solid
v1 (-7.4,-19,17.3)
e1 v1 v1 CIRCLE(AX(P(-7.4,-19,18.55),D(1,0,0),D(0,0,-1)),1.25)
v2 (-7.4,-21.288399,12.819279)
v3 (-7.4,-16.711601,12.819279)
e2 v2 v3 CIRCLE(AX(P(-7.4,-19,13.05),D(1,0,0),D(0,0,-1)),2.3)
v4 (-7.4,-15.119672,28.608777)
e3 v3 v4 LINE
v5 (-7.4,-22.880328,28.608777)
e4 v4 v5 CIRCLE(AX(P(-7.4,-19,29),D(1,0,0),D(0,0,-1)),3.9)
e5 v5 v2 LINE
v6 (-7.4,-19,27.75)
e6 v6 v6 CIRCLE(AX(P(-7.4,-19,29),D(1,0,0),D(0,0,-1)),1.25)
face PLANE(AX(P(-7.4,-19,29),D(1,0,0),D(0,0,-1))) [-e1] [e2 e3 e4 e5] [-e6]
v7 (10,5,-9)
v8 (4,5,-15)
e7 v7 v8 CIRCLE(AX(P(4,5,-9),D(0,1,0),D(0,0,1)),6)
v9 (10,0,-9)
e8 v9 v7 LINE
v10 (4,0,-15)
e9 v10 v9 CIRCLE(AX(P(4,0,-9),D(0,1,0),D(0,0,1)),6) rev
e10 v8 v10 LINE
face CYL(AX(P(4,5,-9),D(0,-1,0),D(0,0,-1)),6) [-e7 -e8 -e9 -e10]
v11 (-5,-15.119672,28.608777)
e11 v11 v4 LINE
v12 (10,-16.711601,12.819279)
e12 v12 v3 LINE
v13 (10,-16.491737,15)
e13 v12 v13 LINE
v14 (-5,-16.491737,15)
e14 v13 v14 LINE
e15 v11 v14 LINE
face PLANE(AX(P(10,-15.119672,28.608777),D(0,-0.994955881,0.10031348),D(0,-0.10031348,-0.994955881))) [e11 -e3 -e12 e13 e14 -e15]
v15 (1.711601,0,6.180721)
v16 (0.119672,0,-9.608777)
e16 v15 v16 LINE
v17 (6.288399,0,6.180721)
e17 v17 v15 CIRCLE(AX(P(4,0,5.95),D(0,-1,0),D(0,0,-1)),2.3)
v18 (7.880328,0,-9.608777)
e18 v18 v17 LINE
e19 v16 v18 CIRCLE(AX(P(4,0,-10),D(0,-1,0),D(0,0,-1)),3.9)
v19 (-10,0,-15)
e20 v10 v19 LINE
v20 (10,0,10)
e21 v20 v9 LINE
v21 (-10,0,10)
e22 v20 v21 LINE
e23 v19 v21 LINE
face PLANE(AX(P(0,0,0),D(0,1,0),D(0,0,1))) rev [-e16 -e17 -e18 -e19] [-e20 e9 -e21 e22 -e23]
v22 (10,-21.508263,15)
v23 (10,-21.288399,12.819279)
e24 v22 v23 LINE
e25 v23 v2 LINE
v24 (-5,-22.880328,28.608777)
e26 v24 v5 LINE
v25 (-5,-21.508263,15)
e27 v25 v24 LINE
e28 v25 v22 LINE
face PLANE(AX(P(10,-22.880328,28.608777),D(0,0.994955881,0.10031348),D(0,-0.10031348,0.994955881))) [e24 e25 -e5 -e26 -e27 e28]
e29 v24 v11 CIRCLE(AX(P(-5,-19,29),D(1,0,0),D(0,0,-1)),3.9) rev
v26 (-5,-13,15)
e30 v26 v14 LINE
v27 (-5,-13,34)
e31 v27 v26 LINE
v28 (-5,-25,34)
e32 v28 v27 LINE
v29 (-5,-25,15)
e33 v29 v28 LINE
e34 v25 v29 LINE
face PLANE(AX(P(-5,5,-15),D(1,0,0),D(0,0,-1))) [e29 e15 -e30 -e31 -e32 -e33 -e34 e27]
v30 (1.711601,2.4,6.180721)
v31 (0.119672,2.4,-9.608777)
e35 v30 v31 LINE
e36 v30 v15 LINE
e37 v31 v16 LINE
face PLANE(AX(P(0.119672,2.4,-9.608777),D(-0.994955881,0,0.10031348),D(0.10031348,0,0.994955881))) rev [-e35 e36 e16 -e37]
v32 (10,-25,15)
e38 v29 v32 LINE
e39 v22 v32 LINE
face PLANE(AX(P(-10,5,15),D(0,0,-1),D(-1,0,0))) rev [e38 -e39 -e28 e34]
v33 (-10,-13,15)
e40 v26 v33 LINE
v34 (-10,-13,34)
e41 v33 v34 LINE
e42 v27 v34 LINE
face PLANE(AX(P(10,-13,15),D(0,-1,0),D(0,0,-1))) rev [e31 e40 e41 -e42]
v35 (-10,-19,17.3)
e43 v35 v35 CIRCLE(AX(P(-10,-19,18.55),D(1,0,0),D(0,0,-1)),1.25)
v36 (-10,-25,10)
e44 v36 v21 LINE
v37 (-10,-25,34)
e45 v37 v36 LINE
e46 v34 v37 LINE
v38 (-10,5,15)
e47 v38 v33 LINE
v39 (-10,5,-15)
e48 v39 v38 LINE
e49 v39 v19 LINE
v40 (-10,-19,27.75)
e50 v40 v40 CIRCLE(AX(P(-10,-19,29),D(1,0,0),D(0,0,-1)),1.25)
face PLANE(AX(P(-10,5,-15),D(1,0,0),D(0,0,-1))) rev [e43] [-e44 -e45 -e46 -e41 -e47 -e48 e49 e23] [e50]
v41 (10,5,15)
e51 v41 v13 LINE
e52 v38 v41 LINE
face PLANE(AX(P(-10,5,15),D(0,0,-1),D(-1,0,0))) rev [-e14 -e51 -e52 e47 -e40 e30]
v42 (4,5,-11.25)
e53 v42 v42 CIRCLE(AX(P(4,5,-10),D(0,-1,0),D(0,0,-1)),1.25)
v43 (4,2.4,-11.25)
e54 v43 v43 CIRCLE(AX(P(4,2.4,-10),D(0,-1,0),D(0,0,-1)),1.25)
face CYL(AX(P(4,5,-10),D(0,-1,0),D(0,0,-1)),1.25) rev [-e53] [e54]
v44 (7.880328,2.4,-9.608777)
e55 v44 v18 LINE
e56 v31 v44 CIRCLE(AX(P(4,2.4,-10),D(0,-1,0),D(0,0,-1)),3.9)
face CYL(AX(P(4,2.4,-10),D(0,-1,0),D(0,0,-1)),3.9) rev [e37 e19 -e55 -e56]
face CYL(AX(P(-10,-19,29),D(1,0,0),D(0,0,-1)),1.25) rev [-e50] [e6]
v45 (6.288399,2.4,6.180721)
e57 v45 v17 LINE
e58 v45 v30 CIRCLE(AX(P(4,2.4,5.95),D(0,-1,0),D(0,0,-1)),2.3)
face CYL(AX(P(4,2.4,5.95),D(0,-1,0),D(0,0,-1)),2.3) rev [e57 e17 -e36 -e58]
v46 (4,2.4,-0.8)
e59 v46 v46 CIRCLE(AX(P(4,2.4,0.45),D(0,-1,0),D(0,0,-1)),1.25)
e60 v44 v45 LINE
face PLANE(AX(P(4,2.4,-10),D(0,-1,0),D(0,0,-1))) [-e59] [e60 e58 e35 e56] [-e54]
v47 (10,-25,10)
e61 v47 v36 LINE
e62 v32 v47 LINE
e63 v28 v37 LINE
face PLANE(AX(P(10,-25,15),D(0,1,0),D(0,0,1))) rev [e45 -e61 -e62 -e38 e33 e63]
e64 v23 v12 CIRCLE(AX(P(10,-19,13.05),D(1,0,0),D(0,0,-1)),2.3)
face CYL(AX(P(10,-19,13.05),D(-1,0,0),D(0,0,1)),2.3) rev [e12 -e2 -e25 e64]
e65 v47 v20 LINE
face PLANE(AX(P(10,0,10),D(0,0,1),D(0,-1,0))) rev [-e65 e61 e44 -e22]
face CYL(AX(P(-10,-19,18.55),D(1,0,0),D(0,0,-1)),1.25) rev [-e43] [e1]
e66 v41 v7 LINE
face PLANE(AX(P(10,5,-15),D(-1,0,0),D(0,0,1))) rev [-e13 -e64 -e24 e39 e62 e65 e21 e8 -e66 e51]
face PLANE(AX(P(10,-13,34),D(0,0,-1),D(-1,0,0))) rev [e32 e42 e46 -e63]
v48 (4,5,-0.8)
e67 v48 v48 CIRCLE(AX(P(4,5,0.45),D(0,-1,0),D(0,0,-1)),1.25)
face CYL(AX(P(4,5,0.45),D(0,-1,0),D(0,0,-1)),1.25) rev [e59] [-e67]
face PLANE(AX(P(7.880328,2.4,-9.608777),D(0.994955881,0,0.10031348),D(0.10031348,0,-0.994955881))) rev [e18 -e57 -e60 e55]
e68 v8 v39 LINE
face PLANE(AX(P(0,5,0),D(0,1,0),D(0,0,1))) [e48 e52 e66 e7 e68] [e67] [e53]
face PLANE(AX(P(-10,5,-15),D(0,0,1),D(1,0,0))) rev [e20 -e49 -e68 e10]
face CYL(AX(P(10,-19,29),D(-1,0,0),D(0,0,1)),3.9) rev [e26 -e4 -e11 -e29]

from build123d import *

# Parameters (mm, degrees)
SKETCH1_W               = 20
SKETCH1_H               = 30
BOSS_EXTRUDE1_DEPTH     = 5
CUT_EXTRUDE1_DEPTH      = 2.4
SKETCH7_R               = 1.25
CUT_EXTRUDE4_DEPTH      = 19.214280112
BOSS_EXTRUDE2_DEPTH     = 10
SKETCH5_W               = 19
SKETCH5_H               = 12
CUT_EXTRUDE2_DEPTH      = 15
CUT_EXTRUDE3_DEPTH      = 45.788391353
CUT_EXTRUDE3_DEPTH_BACK = 2.4
SKETCH8_R               = 1.25
CUT_EXTRUDE5_DEPTH      = 46.648220119
FILLET1_R               = 6


with BuildPart() as part:
    # Sketch1 → Boss-Extrude1 (new body)
    with BuildSketch(Plane(origin=(0, 0, 0), x_dir=(1, 0, 0), z_dir=(0, 1, 0))):
        Rectangle(SKETCH1_W, SKETCH1_H)
    extrude(amount=BOSS_EXTRUDE1_DEPTH)

    # Sketch2 → Cut-Extrude1 (cut)
    with BuildSketch(Plane.XZ):
        with BuildLine():
            Line((0.119672063, -9.608777429), (1.711601473, 6.180721003))
            ThreePointArc((1.711601473, 6.180721003), (4, 8.25), (6.288398527, 6.180721003))
            Line((6.288398527, 6.180721003), (7.880327937, -9.608777429))
            ThreePointArc((7.880327937, -9.608777429), (4, -13.9), (0.119672063, -9.608777429))
        make_face()
    extrude(amount=-CUT_EXTRUDE1_DEPTH, mode=Mode.SUBTRACT)

    # Sketch7 → Cut-Extrude4 (cut, through all)
    with BuildSketch(Plane.XZ.offset(-2.4)):
        with Locations(Location((4, -10, 0), (0, 0, 270))):
            Circle(SKETCH7_R)
        with Locations(Location((4, 0.45, 0), (0, 0, 270))):
            Circle(SKETCH7_R)
    extrude(amount=-CUT_EXTRUDE4_DEPTH, mode=Mode.SUBTRACT)

    # Sketch4 → Boss-Extrude2 (add, symmetric)
    with BuildSketch(Plane(origin=(0, 0, 0), x_dir=(0, 0, -1), z_dir=(1, 0, 0))):
        Polygon((-15, 0), (-10, 0), (-10, -25), (-15, -25), (-34, -25), (-34, -13), (-15, -13), align=None)
    extrude(amount=BOSS_EXTRUDE2_DEPTH, both=True)

    # Sketch5 → Cut-Extrude2 (cut)
    with BuildSketch(Plane(origin=(10, 0, 0), x_dir=(0, 0, -1), z_dir=(1, 0, 0))):
        with Locations((-24.5, -19)):
            Rectangle(SKETCH5_W, SKETCH5_H)
    extrude(amount=-CUT_EXTRUDE2_DEPTH, mode=Mode.SUBTRACT)

    # Sketch6 → Cut-Extrude3 (cut, two sides: drawn at the far end of the back side and taken through both)
    with BuildSketch(Plane(origin=(-5, 0, 0), x_dir=(0, 0, -1), z_dir=(1, 0, 0)).offset(-CUT_EXTRUDE3_DEPTH_BACK)):
        with BuildLine():
            Line((-28.608777429, -22.880327937), (-12.819278997, -21.288398527))
            ThreePointArc((-12.819278997, -21.288398527), (-10.75, -19), (-12.819278997, -16.711601473))
            Line((-12.819278997, -16.711601473), (-28.608777429, -15.119672063))
            ThreePointArc((-28.608777429, -15.119672063), (-32.9, -19), (-28.608777429, -22.880327937))
        make_face()
    extrude(amount=CUT_EXTRUDE3_DEPTH + CUT_EXTRUDE3_DEPTH_BACK, mode=Mode.SUBTRACT)

    # Sketch8 → Cut-Extrude5 (cut, through all)
    with BuildSketch(Plane(origin=(-7.4, 0, 0), x_dir=(0, 0, -1), z_dir=(1, 0, 0))):
        with Locations((-29, -19)):
            Circle(SKETCH8_R)
        with Locations((-18.55, -19)):
            Circle(SKETCH8_R)
    extrude(amount=-CUT_EXTRUDE5_DEPTH, mode=Mode.SUBTRACT)

    # Fillet1
    fillet1_edges = [part.edges().sort_by_distance(p)[0] for p in [
        (10, 2.5, -15),
    ]]
    fillet(fillet1_edges, radius=FILLET1_R)


solid = part.part
